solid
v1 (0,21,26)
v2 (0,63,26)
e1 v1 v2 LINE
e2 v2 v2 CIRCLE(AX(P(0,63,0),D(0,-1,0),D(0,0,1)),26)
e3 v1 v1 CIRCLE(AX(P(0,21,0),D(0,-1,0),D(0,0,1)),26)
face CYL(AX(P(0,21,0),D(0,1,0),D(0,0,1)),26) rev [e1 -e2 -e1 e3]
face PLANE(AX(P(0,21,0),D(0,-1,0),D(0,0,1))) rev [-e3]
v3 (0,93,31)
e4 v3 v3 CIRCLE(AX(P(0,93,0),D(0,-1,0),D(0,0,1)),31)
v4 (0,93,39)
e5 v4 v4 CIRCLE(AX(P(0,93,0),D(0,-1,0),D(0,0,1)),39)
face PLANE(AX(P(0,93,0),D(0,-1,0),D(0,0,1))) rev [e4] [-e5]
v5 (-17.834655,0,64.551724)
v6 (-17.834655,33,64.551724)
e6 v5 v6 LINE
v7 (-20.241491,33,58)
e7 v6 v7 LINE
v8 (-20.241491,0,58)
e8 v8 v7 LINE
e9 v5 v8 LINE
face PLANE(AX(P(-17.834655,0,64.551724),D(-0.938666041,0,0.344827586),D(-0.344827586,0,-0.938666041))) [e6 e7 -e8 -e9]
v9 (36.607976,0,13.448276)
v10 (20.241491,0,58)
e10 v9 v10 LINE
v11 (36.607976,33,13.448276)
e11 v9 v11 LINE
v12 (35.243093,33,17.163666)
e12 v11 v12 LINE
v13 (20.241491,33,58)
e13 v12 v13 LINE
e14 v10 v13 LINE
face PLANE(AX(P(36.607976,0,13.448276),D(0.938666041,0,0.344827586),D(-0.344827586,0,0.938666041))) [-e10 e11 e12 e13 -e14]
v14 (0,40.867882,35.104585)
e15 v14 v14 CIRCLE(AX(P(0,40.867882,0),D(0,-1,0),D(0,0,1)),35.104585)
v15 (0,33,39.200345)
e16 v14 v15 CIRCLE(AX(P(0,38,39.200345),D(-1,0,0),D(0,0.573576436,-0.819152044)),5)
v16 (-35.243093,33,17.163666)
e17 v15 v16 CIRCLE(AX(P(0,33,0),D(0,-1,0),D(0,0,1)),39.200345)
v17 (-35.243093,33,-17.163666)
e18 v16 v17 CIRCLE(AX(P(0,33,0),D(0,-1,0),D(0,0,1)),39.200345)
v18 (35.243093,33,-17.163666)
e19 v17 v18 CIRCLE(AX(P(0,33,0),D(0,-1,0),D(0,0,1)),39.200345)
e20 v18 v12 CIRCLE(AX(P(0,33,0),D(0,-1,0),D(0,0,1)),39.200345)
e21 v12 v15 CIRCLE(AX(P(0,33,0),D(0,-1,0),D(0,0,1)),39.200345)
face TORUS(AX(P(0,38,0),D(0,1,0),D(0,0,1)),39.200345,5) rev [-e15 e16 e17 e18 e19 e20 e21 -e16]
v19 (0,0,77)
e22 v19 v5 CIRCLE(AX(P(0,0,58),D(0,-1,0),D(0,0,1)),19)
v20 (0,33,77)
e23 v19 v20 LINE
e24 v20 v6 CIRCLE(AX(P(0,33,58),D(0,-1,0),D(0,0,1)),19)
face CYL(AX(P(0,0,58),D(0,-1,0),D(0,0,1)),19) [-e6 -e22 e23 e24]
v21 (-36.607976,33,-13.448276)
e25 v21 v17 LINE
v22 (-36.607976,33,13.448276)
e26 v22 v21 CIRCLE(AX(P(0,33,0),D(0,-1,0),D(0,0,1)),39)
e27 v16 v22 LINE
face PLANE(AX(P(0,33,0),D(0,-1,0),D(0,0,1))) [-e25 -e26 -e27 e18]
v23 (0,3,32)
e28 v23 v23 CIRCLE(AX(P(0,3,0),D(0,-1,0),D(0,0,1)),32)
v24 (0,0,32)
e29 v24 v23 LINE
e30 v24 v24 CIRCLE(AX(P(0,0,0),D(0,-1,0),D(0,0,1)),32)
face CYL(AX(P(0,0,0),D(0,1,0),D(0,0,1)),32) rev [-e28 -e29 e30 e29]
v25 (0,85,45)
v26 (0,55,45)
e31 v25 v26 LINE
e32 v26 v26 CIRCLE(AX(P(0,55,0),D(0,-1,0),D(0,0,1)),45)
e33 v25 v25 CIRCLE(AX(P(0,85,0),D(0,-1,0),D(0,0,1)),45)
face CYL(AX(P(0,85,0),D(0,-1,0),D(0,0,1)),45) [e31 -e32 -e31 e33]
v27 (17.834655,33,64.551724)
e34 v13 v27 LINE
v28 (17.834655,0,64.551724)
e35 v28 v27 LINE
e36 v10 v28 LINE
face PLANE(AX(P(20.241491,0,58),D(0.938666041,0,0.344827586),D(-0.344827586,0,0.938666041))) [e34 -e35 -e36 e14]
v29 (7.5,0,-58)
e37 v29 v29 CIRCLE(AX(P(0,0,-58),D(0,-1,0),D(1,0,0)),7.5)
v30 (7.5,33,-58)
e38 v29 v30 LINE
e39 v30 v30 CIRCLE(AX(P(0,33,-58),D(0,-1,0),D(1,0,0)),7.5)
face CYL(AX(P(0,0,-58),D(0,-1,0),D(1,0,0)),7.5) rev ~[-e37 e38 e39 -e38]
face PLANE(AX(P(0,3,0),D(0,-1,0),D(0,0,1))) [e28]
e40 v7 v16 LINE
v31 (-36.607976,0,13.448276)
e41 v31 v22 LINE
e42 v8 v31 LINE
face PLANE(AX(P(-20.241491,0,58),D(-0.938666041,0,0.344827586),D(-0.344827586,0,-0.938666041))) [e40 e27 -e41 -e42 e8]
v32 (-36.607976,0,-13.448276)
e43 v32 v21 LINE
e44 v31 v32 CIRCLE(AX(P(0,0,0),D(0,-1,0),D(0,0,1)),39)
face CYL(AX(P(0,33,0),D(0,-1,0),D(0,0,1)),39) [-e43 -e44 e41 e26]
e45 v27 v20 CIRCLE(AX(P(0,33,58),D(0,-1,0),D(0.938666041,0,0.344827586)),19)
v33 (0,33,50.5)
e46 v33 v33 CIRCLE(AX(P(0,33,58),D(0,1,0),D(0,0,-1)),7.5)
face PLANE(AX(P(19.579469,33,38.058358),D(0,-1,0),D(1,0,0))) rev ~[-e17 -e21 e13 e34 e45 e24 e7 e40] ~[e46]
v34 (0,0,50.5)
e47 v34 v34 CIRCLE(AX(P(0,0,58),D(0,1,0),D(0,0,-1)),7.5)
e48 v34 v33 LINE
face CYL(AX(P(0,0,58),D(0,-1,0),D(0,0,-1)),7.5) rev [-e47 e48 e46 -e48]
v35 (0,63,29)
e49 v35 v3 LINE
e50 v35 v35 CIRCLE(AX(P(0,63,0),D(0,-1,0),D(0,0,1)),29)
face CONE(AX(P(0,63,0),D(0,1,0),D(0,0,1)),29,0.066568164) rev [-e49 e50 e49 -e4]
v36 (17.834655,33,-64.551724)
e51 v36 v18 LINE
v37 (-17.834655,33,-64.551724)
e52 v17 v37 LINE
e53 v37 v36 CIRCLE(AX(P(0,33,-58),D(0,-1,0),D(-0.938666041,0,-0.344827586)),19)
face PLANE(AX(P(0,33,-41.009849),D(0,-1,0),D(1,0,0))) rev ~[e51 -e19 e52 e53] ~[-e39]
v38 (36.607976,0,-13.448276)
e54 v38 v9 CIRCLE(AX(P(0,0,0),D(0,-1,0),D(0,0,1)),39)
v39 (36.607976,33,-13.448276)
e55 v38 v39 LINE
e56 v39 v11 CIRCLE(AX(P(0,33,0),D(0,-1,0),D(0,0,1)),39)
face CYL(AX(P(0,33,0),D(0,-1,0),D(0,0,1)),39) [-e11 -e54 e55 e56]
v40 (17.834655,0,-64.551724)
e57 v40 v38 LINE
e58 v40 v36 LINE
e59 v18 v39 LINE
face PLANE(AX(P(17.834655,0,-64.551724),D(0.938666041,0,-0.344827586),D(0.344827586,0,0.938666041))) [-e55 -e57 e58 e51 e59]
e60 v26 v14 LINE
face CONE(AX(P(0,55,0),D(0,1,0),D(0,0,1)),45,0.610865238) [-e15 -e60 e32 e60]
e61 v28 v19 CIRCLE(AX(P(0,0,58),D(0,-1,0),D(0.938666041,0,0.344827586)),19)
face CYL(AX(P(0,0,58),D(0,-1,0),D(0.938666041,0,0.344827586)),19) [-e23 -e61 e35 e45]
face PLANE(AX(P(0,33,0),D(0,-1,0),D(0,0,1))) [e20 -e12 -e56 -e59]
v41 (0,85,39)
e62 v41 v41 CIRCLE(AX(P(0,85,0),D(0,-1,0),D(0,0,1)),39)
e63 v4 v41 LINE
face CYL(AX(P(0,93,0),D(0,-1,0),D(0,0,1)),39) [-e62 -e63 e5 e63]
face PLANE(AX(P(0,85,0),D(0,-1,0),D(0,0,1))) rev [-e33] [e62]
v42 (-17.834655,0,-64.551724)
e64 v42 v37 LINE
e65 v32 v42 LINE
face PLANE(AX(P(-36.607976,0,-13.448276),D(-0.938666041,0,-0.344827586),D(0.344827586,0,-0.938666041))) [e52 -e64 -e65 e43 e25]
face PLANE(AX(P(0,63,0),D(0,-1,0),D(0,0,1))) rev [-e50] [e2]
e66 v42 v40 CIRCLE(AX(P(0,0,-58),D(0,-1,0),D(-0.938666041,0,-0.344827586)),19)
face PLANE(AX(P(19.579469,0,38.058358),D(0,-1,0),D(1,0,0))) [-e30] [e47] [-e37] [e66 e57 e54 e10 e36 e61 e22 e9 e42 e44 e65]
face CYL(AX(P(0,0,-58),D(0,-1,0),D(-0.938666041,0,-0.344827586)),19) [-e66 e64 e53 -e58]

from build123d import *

# Parameters (mm, degrees)
F2_R     = 7.5
F3_DEPTH = 33


with BuildPart() as f1:
    # F0 (on Right) → F1 (revolve)
    with BuildSketch(Plane.YZ):
        with BuildLine():
            Line((3, 0), (21, 0))
            Line((21, 0), (21, 26))
            Line((21, 26), (63, 26))
            Line((63, 26), (63, 29))
            Line((63, 29), (93, 31))
            Line((93, 31), (93, 39))
            Line((93, 39), (85, 39))
            Line((85, 39), (85, 45))
            Line((85, 45), (55, 45))
            Line((55, 45), (40.8678821818, 35.1045845728))
            ThreePointArc((40.8678821818, 35.1045845728), (35.6912569338, 34.7652906284), (33, 39.2003447942))
            Line((33, 39.2003447942), (33, 39))
            Line((33, 39), (0, 39))
            Line((0, 39), (0, 32))
            Line((0, 32), (3, 32))
            Line((3, 32), (3, 0))
        make_face()
    revolve(axis=Axis((0, 12, 0), (0, -1, 0)))

    # F2 (on Front) → F3 (join)
    with BuildSketch(Plane.XZ):
        with BuildLine():
            Line((0, 50.5), (0, 39))
            ThreePointArc((0, 39), (22.3217073874, 31.980328005), (36.6079755837, 13.4482758621))
            Line((36.6079755837, 13.4482758621), (20.2414907731, 58))
            Line((20.2414907731, 58), (7.5, 58))
            ThreePointArc((7.5, 58), (5.3033008589, 52.6966991411), (0, 50.5))
        make_face()
        with BuildLine():
            ThreePointArc((0, 65.5), (5.3033008589, 63.3033008589), (7.5, 58))
            Line((7.5, 58), (20.2414907731, 58))
            Line((20.2414907731, 58), (17.8346547716, 64.5517241379))
            ThreePointArc((17.8346547716, 64.5517241379), (10.874677958, 73.5801597973), (0, 77))
            Line((0, 77), (0, 65.5))
        make_face()
        with BuildLine():
            Line((-20.2414907731, 58), (-7.5, 58))
            ThreePointArc((-7.5, 58), (-5.3033008589, 63.3033008589), (0, 65.5))
            Line((0, 65.5), (0, 77))
            ThreePointArc((0, 77), (-10.874677958, 73.5801597973), (-17.8346547716, 64.5517241379))
            Line((-17.8346547716, 64.5517241379), (-20.2414907731, 58))
        make_face()
        with BuildLine():
            ThreePointArc((-36.6079755837, 13.4482758621), (-22.3217073874, 31.980328005), (0, 39))
            Line((0, 39), (0, 50.5))
            ThreePointArc((0, 50.5), (-5.3033008589, 52.6966991411), (-7.5, 58))
            Line((-7.5, 58), (-20.2414907731, 58))
            Line((-20.2414907731, 58), (-36.6079755837, 13.4482758621))
        make_face()
        with BuildLine():
            ThreePointArc((36.6079755837, -13.4482758621), (0, -39), (-36.6079755837, -13.4482758621))
            Line((-36.6079755837, -13.4482758621), (-17.8346547716, -64.5517241379))
            ThreePointArc((-17.8346547716, -64.5517241379), (0, -77), (17.8346547716, -64.5517241379))
            Line((17.8346547716, -64.5517241379), (36.6079755837, -13.4482758621))
        make_face()
        with Locations((0, -58)):
            Circle(F2_R, mode=Mode.SUBTRACT)
    extrude(amount=-F3_DEPTH)


solid = f1.part
